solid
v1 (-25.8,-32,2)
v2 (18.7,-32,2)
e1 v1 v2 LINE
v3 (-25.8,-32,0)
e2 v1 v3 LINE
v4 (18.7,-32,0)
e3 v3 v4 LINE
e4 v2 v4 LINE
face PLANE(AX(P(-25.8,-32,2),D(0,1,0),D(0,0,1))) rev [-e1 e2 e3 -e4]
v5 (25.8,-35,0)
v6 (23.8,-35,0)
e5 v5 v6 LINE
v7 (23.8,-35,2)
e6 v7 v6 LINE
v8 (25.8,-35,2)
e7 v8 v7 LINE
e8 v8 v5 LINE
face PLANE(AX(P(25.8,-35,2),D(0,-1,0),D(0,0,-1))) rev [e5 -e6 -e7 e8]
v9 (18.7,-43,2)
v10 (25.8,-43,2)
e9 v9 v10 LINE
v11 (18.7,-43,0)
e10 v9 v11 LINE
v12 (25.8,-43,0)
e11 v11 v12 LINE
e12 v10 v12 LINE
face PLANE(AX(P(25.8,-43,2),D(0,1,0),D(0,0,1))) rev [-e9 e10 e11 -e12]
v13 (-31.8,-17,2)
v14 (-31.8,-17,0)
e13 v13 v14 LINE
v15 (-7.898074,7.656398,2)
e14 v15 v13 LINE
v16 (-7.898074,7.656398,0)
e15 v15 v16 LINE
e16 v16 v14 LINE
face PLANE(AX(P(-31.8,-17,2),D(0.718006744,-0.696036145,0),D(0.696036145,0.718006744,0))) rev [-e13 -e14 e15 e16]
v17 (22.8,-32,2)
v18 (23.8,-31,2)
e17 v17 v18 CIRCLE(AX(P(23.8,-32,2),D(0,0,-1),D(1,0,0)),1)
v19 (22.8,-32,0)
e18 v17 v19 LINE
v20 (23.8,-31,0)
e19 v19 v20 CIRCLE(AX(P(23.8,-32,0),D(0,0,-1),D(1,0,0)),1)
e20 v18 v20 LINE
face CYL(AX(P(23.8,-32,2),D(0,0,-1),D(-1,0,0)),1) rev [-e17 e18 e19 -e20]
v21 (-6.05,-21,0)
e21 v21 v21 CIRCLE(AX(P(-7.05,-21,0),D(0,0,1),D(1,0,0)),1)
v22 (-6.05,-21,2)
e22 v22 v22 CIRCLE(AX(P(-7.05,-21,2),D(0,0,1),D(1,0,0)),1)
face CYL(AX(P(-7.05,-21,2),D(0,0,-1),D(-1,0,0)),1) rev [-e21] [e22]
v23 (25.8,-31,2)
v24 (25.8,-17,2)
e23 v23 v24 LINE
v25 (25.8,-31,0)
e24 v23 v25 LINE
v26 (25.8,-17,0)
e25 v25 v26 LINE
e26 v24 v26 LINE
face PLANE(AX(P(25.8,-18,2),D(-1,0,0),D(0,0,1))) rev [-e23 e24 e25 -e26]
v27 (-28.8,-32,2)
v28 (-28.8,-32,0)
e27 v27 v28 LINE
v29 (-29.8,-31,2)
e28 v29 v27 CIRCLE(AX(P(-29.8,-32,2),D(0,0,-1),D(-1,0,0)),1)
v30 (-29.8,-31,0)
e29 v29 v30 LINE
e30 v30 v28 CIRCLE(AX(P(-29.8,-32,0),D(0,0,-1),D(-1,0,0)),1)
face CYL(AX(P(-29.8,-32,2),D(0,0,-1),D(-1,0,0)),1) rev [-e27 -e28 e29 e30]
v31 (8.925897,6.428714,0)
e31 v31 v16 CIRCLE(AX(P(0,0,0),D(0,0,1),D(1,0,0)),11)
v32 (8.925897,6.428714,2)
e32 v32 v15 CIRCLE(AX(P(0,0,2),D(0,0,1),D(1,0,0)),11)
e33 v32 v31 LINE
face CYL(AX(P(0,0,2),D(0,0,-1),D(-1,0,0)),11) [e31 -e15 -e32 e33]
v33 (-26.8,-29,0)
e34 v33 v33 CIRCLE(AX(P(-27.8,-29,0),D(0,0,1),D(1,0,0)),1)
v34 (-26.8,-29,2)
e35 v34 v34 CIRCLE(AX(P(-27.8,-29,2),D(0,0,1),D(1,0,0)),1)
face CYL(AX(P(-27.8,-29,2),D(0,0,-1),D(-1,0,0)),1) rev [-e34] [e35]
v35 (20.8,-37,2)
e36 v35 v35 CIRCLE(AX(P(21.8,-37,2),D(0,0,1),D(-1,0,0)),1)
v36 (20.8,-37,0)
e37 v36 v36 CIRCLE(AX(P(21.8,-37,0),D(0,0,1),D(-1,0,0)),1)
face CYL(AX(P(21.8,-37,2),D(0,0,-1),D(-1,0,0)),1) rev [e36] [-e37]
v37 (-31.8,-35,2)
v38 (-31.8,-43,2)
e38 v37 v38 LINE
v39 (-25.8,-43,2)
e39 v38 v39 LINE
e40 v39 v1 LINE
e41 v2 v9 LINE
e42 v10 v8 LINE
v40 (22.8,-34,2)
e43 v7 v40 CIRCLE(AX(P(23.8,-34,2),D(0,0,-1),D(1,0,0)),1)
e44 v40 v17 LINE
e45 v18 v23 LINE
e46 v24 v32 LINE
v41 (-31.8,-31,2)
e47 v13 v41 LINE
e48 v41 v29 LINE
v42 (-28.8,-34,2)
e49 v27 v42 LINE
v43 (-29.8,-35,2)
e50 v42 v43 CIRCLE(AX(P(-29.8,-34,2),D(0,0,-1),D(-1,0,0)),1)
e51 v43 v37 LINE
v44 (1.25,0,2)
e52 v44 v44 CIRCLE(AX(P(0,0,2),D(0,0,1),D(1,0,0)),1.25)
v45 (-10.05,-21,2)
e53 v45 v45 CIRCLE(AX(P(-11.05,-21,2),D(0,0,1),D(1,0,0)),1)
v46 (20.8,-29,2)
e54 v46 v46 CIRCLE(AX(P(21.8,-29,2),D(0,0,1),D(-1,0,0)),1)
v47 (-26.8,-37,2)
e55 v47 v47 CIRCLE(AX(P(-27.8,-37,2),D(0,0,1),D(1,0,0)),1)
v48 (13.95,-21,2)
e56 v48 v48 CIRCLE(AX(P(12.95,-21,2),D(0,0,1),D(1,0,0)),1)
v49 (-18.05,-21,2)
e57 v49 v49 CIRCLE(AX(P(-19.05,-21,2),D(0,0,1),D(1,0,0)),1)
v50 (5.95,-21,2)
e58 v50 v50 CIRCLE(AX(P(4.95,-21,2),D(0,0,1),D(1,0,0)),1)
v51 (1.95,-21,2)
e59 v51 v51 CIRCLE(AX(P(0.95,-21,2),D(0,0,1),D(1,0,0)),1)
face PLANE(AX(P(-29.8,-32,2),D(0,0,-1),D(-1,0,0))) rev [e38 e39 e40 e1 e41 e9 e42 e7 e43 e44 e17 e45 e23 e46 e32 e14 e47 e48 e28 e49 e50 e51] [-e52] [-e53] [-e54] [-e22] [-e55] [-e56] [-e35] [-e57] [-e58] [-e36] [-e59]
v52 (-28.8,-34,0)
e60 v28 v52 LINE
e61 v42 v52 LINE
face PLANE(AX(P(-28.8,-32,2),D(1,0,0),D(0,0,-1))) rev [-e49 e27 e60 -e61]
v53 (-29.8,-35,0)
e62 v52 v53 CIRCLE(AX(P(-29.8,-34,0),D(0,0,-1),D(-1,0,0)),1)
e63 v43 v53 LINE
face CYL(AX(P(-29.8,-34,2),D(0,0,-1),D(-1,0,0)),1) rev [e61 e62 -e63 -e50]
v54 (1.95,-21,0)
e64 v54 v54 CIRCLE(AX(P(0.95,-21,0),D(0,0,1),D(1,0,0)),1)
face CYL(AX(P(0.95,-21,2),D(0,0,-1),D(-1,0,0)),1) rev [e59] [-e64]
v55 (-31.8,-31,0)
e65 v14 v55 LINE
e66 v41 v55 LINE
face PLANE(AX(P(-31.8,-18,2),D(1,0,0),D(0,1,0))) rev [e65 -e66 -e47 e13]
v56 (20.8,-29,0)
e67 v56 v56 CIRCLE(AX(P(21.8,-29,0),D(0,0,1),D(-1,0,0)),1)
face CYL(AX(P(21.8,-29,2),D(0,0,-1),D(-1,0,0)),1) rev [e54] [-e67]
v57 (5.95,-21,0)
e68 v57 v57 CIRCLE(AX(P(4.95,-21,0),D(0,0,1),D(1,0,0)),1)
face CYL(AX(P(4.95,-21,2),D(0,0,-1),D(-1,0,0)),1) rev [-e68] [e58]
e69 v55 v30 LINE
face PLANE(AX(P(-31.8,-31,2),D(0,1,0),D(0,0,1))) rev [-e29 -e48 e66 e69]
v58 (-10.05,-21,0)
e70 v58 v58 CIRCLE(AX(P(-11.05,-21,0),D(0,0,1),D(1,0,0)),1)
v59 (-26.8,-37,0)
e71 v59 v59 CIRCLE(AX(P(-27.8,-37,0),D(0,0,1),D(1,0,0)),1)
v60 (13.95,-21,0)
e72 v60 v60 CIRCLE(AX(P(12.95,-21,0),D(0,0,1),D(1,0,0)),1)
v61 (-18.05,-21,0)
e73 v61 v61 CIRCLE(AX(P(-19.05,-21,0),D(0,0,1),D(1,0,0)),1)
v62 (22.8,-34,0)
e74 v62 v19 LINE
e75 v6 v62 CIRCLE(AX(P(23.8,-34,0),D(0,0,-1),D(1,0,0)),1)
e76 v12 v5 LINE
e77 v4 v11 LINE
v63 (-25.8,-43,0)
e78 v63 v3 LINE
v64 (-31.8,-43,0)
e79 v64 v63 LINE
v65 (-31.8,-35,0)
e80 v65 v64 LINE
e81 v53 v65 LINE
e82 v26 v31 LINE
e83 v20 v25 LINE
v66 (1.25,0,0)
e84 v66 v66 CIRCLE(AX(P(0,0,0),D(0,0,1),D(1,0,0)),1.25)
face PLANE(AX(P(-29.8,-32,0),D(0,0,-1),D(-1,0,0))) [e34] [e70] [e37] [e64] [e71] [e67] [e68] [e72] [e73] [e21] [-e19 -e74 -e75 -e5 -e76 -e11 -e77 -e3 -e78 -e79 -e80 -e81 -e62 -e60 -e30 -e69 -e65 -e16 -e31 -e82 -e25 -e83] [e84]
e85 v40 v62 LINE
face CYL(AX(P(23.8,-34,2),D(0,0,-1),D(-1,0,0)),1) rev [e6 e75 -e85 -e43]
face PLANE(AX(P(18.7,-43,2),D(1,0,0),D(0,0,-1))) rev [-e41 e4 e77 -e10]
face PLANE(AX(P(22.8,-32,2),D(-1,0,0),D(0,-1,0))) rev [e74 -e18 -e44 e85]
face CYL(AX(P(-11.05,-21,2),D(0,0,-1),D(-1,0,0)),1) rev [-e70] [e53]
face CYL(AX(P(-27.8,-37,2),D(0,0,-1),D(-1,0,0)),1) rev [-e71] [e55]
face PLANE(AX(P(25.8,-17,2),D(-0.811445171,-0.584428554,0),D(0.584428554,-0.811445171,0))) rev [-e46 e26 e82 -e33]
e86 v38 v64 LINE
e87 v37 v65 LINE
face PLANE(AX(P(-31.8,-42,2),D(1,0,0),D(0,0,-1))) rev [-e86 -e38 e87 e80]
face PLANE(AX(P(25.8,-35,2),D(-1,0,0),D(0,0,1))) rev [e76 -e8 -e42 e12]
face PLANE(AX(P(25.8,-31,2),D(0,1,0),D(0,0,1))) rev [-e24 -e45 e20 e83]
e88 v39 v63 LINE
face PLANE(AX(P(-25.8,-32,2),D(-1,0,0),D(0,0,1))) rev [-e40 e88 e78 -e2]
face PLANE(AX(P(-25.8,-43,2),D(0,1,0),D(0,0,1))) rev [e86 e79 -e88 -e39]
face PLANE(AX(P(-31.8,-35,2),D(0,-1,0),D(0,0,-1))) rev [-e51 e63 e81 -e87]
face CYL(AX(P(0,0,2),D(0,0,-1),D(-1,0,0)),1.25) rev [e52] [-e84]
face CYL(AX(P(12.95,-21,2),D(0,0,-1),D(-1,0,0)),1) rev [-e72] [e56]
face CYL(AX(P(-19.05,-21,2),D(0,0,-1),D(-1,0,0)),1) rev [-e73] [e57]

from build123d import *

# Parameters (mm, degrees)
SKETCH_1_R      = 1.25
SKETCH_1_R_2    = 1
EXTRUDE_1_DEPTH = 2


with BuildPart() as part:
    # 草圖1 → 填料-伸長1 (new body)
    with BuildSketch(Plane.XY):
        with BuildLine():
            Line((-28.8, -32), (-28.8, -34))
            ThreePointArc((-28.8, -34), (-29.092893219, -34.707106781), (-29.8, -35))
            Line((-29.8, -35), (-31.8, -35))
            Line((-31.8, -35), (-31.8, -36))
            Line((-31.8, -36), (-31.8, -42))
            Line((-31.8, -42), (-31.8, -43))
            Line((-31.8, -43), (-30.8, -43))
            Line((-30.8, -43), (-26.8, -43))
            Line((-26.8, -43), (-25.8, -43))
            Line((-25.8, -43), (-25.8, -32))
            Line((-25.8, -32), (18.7, -32))
            Line((18.7, -32), (18.7, -43))
            Line((18.7, -43), (24.8, -43))
            Line((24.8, -43), (25.8, -43))
            Line((25.8, -43), (25.8, -42))
            Line((25.8, -42), (25.8, -36))
            Line((25.8, -36), (25.8, -35))
            Line((25.8, -35), (23.8, -35))
            ThreePointArc((23.8, -35), (23.092893219, -34.707106781), (22.8, -34))
            Line((22.8, -34), (22.8, -32))
            ThreePointArc((22.8, -32), (23.092893219, -31.292893219), (23.8, -31))
            Line((23.8, -31), (25.8, -31))
            Line((25.8, -31), (25.8, -18))
            Line((25.8, -18), (25.8, -17))
            Line((25.8, -17), (8.925896882, 6.428714091))
            ThreePointArc((8.925896882, 6.428714091), (0.800566406, 10.970829204), (-7.898074186, 7.656397596))
            Line((-7.898074186, 7.656397596), (-31.8, -17))
            Line((-31.8, -17), (-31.8, -18))
            Line((-31.8, -18), (-31.8, -31))
            Line((-31.8, -31), (-29.8, -31))
            ThreePointArc((-29.8, -31), (-29.092893219, -31.292893219), (-28.8, -32))
        make_face()
        Circle(SKETCH_1_R, mode=Mode.SUBTRACT)
        with Locations((-19.05, -21)):
            Circle(SKETCH_1_R_2, mode=Mode.SUBTRACT)
        with Locations((-11.05, -21)):
            Circle(SKETCH_1_R_2, mode=Mode.SUBTRACT)
        with Locations((4.95, -21)):
            Circle(SKETCH_1_R_2, mode=Mode.SUBTRACT)
        with Locations((12.95, -21)):
            Circle(SKETCH_1_R_2, mode=Mode.SUBTRACT)
        with Locations((-27.8, -29)):
            Circle(SKETCH_1_R_2, mode=Mode.SUBTRACT)
        with Locations((-27.8, -37)):
            Circle(SKETCH_1_R_2, mode=Mode.SUBTRACT)
        with Locations(Location((21.8, -37, 0), (0, 0, 180))):
            Circle(SKETCH_1_R_2, mode=Mode.SUBTRACT)
        with Locations(Location((21.8, -29, 0), (0, 0, 180))):
            Circle(SKETCH_1_R_2, mode=Mode.SUBTRACT)
        with Locations((-7.05, -21)):
            Circle(SKETCH_1_R_2, mode=Mode.SUBTRACT)
        with Locations((0.95, -21)):
            Circle(SKETCH_1_R_2, mode=Mode.SUBTRACT)
    extrude(amount=EXTRUDE_1_DEPTH)


solid = part.part
